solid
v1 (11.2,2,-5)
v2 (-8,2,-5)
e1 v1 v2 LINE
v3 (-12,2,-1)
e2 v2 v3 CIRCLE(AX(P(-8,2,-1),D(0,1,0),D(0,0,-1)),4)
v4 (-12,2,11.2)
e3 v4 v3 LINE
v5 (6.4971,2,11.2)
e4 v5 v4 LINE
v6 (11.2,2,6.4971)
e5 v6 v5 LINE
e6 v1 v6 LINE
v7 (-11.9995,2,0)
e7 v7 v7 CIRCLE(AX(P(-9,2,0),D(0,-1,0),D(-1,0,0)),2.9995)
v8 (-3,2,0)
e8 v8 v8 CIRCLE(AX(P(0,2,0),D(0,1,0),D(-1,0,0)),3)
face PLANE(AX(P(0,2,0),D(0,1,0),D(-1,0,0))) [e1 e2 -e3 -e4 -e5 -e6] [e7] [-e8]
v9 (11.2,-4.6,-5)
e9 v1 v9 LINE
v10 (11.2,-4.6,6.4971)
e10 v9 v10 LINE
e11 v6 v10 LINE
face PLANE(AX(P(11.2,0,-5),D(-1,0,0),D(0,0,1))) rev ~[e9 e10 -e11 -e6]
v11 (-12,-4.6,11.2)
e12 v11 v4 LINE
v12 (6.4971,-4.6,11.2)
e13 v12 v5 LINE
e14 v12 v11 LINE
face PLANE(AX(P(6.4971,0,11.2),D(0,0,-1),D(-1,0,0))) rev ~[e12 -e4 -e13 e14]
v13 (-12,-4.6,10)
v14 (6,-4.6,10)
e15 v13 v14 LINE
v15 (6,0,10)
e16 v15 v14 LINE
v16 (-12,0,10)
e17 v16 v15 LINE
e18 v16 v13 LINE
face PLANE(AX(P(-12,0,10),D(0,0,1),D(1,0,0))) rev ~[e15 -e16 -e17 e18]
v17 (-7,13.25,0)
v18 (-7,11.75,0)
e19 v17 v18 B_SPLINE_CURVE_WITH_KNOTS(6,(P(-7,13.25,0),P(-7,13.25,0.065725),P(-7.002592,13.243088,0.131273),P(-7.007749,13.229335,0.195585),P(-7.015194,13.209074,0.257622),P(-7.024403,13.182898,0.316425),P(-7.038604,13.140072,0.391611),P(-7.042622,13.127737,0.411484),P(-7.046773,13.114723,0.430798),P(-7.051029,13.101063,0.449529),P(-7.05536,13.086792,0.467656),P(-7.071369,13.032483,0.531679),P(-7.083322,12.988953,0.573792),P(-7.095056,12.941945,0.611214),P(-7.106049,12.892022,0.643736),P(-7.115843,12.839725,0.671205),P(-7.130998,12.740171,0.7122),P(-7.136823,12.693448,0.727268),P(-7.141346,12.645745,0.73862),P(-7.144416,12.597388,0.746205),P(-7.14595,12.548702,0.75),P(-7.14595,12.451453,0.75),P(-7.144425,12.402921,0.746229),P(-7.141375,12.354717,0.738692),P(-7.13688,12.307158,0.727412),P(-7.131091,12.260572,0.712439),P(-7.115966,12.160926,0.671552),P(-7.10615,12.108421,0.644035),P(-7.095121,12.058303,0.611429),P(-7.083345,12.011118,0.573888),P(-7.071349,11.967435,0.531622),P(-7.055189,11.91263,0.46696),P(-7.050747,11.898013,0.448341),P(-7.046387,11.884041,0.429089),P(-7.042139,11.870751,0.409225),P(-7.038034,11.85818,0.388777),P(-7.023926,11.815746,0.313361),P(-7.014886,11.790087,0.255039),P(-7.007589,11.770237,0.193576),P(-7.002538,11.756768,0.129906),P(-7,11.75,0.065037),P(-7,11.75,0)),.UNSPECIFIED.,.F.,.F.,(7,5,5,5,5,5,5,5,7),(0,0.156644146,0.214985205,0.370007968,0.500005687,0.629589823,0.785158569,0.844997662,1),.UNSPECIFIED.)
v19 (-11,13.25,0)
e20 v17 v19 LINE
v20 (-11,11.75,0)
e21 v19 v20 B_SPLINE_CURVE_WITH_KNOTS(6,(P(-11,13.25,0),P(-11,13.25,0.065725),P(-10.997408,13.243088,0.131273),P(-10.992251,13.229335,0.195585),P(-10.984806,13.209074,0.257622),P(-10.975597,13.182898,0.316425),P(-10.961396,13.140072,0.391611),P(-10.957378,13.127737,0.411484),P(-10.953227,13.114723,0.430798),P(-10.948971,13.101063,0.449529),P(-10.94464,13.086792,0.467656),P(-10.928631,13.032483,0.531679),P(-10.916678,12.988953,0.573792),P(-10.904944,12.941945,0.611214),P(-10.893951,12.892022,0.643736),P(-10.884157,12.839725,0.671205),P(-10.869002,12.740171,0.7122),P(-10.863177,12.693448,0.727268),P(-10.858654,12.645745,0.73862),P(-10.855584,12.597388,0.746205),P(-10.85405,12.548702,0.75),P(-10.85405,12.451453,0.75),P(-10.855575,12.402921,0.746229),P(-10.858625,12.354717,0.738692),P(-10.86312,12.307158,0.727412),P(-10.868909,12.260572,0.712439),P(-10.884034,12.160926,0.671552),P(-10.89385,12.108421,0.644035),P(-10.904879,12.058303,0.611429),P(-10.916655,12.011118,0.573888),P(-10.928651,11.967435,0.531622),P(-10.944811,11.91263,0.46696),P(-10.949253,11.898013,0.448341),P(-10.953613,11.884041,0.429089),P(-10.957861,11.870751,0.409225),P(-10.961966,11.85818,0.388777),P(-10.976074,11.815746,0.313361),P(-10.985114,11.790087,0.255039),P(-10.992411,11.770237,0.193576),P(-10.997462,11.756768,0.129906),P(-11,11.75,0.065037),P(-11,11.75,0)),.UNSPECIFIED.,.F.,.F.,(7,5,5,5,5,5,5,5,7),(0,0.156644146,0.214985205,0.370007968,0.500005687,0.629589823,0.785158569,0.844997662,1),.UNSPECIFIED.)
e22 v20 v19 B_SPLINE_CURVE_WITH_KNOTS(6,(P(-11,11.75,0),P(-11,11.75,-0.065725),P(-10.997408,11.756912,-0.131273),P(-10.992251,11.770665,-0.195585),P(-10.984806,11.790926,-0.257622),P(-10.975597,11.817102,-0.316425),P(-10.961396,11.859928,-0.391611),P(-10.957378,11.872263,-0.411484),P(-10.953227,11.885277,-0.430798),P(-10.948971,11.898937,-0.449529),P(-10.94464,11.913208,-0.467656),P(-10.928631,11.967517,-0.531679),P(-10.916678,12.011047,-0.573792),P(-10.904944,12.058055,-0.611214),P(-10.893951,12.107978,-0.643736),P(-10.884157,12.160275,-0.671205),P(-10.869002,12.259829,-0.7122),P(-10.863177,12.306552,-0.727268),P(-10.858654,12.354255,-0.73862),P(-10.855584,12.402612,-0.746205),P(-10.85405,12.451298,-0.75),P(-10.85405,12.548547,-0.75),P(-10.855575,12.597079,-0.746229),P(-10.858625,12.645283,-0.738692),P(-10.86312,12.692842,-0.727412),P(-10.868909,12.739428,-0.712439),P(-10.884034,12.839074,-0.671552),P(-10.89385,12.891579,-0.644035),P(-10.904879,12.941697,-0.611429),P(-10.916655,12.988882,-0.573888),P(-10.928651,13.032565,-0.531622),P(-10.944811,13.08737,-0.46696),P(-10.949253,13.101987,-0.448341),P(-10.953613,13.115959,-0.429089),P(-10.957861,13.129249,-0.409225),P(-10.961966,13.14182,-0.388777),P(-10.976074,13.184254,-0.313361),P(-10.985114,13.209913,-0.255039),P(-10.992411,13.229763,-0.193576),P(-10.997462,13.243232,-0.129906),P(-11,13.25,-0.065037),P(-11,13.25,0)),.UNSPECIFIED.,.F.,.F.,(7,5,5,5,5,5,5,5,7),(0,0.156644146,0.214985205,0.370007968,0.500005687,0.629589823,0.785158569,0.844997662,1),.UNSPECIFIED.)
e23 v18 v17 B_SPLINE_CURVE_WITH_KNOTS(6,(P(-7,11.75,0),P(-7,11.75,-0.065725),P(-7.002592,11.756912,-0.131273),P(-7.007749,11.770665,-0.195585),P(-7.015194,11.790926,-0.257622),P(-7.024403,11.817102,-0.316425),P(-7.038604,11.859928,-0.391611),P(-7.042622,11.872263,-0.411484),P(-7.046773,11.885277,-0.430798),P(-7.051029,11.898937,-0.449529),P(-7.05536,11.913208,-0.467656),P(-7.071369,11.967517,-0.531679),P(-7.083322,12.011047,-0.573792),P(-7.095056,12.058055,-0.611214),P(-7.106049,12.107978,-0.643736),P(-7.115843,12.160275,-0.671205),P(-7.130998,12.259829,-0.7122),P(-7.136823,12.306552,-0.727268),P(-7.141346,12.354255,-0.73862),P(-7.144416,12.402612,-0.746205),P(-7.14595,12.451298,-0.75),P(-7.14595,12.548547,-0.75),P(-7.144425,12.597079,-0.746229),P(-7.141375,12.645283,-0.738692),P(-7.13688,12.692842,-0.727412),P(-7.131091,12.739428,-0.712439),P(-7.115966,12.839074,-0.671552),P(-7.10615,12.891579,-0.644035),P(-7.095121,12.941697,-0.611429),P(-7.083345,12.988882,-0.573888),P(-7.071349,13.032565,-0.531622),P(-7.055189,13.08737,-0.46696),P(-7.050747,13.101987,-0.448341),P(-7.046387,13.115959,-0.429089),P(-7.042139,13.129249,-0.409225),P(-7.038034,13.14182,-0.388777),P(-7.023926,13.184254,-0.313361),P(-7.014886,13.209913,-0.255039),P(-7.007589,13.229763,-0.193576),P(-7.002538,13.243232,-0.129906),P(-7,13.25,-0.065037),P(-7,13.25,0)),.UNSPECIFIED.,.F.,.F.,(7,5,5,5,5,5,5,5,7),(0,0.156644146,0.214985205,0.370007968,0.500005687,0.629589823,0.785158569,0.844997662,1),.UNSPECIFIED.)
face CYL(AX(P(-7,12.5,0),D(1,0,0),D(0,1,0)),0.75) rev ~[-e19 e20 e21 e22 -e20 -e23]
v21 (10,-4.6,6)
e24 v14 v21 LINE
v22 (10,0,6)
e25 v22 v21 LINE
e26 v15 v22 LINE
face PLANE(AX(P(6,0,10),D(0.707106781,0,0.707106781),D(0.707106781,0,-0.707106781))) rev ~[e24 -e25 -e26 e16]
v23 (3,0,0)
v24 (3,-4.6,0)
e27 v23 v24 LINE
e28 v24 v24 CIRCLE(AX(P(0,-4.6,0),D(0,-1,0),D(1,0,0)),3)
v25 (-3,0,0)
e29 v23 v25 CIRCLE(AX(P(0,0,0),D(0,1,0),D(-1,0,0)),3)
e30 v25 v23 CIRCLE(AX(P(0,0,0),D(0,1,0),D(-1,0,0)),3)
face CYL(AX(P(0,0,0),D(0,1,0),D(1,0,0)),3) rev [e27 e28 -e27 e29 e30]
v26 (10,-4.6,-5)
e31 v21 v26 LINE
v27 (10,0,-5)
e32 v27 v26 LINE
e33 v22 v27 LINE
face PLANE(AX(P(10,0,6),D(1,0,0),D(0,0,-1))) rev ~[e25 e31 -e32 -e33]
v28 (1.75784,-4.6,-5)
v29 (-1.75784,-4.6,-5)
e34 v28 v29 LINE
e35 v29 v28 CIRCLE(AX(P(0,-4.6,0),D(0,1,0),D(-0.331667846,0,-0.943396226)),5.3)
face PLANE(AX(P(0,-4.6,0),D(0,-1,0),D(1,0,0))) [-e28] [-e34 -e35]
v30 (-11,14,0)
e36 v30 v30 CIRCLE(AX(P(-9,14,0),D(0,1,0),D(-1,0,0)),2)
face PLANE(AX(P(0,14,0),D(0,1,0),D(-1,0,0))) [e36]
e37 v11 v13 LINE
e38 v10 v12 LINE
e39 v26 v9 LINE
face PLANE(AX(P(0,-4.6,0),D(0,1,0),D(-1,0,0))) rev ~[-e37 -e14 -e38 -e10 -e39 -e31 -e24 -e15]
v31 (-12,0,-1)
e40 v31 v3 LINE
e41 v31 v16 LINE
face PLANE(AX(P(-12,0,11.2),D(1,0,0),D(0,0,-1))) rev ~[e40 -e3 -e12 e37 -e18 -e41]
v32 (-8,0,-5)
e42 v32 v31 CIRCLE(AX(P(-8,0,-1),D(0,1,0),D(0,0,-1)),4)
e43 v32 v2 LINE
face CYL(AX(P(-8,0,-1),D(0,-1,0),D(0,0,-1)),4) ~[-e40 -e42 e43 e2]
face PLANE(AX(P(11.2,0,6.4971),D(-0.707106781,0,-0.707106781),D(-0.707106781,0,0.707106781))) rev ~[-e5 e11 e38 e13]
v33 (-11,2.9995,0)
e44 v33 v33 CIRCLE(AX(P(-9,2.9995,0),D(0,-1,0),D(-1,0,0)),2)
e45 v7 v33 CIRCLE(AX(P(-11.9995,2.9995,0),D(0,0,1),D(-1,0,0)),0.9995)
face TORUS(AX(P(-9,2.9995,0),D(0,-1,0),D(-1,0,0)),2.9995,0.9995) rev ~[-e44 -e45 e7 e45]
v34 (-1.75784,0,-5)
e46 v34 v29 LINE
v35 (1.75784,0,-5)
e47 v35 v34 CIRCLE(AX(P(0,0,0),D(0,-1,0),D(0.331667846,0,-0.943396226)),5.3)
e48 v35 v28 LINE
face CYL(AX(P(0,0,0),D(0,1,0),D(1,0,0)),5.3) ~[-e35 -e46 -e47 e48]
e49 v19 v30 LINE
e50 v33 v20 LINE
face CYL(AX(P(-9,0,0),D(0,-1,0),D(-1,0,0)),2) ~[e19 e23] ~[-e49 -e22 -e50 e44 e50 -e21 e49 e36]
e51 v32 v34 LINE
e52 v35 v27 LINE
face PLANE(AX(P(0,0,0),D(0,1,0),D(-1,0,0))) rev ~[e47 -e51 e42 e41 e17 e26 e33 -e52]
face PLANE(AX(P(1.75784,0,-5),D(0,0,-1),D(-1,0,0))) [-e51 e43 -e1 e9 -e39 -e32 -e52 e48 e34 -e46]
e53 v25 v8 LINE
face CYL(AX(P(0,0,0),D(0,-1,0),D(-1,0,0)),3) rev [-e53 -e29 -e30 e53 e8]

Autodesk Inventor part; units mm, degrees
ref_plane "YZ Plane" through (0, 0, 0) normal (1, 0, 0) x (0, 1, 0)
ref_plane "XZ Plane" through (0, 0, 0) normal (0, 1, 0) x (-1, 0, 0)
ref_plane "XY Plane" through (0, 0, 0) normal (0, 0, 1) x (1, 0, 0)
sketch "Sketch1" plane through (0, 0, 0) normal (0, 1, 0) x (-1, 0, 0)
  circle A0 centre (0, 0) radius 3
  line L0 (12, 10) -> (-6, 10)
  line L1 (-10, 6) -> (-10, -5)
  line L2 (12, 10) -> (12, -1)
  line L3 (-10, -5) -> (8, -5)
  arc A1 (8, -5) -> (12, -1) centre (8, -1) ccw
  line L4 (-6, 10) -> (-10, 6)
  line L5 (-6, 10) -> (-0.3431, 10) construction
  line L6 (-6.4971, 11.2) -> (12, 11.2)
  line L7 (12, 11.2) -> (12, 10)
  line L8 (-10, -5) -> (-11.2, -5)
  line L9 (-11.2, -5) -> (-11.2, 6.4971)
  line L10 (-11.2, 6.4971) -> (-6.4971, 11.2)
  line L11 (12, 10) -> (12, 10)
  line L12 (-10, -5) -> (-10, -5)
  circle A2 centre (9, 0) radius 2
  point P0 (7, 0)
  dimension "d0" = 6
  dimension "d1" = 10
  dimension "d2" = 10
  dimension "d3" = 5
  dimension "d4" = 7
  dimension "d5" = 5
  dimension "d6" = 135
  dimension "d7" = 4
  dimension "d8" = 1.2
  dimension "d9" = 1.2
  dimension "d14" = 4
  dimension "d20" = 2
extrude "Extrusion1" add sketch "Sketch1" along normal blind 2 contours L2 A1 L3 L1 L4 L0 | L0 L4 L1 L8 L9 L10 L6 L7 | A2
extrude "Extrusion2" add sketch "Sketch1" against normal blind 4.6 contours L0 L4 L1 L8 L9 L10 L6 L7
extrude "Extrusion3" add sketch "Sketch1" along normal blind 14 contours A2
sketch "Sketch4" plane through (0, 0, 0) normal (0, -1, 0) x (1, 0, 0)
  circle A0 centre (0, 0) radius 3 projected
  circle A1 centre (0, 0) radius 5.3
  circle A2 centre (0, 0) radius 3 projected
  line L0 (10, -5) -> (-8, -5) projected
  point P0 (-1.7578, -5)
  point P1 (1.7578, -5)
  dimension "d23" = 10.6
extrude "Extrusion5" add sketch "Sketch4" along normal blind 4.6 contours A1 L0 picked at (-0.1205, -4.326)
ref_plane "Work Plane1" through (-7, 0, 0) normal (1, 0, 0) x (0, 1, 0)
sketch "Sketch5" plane through (-7, 0, 0) normal (1, 0, 0) x (0, 1, 0)
  circle A0 centre (12.5, 0) radius 0.75
  line L0 (2, 6.4971) -> (2, -5) projected
  point P0 (0, 0)
  dimension "d24" = 1.5
  dimension "d25" = 10.5
extrude "Extrusion6" cut sketch "Sketch5" against normal through all
fillet "Fillet1" radius 1 1 edges at (-7, 2, 0)
equation "\"d4\" = -lensDistFromMetal + sensorDistFromLens - d1"
equation "\"d9\" = d8"
equation "\"sensorDistFromLens\" = 29"
equation "\"lensDistFromMetal\" = 12"
properties part number "stringHold"
